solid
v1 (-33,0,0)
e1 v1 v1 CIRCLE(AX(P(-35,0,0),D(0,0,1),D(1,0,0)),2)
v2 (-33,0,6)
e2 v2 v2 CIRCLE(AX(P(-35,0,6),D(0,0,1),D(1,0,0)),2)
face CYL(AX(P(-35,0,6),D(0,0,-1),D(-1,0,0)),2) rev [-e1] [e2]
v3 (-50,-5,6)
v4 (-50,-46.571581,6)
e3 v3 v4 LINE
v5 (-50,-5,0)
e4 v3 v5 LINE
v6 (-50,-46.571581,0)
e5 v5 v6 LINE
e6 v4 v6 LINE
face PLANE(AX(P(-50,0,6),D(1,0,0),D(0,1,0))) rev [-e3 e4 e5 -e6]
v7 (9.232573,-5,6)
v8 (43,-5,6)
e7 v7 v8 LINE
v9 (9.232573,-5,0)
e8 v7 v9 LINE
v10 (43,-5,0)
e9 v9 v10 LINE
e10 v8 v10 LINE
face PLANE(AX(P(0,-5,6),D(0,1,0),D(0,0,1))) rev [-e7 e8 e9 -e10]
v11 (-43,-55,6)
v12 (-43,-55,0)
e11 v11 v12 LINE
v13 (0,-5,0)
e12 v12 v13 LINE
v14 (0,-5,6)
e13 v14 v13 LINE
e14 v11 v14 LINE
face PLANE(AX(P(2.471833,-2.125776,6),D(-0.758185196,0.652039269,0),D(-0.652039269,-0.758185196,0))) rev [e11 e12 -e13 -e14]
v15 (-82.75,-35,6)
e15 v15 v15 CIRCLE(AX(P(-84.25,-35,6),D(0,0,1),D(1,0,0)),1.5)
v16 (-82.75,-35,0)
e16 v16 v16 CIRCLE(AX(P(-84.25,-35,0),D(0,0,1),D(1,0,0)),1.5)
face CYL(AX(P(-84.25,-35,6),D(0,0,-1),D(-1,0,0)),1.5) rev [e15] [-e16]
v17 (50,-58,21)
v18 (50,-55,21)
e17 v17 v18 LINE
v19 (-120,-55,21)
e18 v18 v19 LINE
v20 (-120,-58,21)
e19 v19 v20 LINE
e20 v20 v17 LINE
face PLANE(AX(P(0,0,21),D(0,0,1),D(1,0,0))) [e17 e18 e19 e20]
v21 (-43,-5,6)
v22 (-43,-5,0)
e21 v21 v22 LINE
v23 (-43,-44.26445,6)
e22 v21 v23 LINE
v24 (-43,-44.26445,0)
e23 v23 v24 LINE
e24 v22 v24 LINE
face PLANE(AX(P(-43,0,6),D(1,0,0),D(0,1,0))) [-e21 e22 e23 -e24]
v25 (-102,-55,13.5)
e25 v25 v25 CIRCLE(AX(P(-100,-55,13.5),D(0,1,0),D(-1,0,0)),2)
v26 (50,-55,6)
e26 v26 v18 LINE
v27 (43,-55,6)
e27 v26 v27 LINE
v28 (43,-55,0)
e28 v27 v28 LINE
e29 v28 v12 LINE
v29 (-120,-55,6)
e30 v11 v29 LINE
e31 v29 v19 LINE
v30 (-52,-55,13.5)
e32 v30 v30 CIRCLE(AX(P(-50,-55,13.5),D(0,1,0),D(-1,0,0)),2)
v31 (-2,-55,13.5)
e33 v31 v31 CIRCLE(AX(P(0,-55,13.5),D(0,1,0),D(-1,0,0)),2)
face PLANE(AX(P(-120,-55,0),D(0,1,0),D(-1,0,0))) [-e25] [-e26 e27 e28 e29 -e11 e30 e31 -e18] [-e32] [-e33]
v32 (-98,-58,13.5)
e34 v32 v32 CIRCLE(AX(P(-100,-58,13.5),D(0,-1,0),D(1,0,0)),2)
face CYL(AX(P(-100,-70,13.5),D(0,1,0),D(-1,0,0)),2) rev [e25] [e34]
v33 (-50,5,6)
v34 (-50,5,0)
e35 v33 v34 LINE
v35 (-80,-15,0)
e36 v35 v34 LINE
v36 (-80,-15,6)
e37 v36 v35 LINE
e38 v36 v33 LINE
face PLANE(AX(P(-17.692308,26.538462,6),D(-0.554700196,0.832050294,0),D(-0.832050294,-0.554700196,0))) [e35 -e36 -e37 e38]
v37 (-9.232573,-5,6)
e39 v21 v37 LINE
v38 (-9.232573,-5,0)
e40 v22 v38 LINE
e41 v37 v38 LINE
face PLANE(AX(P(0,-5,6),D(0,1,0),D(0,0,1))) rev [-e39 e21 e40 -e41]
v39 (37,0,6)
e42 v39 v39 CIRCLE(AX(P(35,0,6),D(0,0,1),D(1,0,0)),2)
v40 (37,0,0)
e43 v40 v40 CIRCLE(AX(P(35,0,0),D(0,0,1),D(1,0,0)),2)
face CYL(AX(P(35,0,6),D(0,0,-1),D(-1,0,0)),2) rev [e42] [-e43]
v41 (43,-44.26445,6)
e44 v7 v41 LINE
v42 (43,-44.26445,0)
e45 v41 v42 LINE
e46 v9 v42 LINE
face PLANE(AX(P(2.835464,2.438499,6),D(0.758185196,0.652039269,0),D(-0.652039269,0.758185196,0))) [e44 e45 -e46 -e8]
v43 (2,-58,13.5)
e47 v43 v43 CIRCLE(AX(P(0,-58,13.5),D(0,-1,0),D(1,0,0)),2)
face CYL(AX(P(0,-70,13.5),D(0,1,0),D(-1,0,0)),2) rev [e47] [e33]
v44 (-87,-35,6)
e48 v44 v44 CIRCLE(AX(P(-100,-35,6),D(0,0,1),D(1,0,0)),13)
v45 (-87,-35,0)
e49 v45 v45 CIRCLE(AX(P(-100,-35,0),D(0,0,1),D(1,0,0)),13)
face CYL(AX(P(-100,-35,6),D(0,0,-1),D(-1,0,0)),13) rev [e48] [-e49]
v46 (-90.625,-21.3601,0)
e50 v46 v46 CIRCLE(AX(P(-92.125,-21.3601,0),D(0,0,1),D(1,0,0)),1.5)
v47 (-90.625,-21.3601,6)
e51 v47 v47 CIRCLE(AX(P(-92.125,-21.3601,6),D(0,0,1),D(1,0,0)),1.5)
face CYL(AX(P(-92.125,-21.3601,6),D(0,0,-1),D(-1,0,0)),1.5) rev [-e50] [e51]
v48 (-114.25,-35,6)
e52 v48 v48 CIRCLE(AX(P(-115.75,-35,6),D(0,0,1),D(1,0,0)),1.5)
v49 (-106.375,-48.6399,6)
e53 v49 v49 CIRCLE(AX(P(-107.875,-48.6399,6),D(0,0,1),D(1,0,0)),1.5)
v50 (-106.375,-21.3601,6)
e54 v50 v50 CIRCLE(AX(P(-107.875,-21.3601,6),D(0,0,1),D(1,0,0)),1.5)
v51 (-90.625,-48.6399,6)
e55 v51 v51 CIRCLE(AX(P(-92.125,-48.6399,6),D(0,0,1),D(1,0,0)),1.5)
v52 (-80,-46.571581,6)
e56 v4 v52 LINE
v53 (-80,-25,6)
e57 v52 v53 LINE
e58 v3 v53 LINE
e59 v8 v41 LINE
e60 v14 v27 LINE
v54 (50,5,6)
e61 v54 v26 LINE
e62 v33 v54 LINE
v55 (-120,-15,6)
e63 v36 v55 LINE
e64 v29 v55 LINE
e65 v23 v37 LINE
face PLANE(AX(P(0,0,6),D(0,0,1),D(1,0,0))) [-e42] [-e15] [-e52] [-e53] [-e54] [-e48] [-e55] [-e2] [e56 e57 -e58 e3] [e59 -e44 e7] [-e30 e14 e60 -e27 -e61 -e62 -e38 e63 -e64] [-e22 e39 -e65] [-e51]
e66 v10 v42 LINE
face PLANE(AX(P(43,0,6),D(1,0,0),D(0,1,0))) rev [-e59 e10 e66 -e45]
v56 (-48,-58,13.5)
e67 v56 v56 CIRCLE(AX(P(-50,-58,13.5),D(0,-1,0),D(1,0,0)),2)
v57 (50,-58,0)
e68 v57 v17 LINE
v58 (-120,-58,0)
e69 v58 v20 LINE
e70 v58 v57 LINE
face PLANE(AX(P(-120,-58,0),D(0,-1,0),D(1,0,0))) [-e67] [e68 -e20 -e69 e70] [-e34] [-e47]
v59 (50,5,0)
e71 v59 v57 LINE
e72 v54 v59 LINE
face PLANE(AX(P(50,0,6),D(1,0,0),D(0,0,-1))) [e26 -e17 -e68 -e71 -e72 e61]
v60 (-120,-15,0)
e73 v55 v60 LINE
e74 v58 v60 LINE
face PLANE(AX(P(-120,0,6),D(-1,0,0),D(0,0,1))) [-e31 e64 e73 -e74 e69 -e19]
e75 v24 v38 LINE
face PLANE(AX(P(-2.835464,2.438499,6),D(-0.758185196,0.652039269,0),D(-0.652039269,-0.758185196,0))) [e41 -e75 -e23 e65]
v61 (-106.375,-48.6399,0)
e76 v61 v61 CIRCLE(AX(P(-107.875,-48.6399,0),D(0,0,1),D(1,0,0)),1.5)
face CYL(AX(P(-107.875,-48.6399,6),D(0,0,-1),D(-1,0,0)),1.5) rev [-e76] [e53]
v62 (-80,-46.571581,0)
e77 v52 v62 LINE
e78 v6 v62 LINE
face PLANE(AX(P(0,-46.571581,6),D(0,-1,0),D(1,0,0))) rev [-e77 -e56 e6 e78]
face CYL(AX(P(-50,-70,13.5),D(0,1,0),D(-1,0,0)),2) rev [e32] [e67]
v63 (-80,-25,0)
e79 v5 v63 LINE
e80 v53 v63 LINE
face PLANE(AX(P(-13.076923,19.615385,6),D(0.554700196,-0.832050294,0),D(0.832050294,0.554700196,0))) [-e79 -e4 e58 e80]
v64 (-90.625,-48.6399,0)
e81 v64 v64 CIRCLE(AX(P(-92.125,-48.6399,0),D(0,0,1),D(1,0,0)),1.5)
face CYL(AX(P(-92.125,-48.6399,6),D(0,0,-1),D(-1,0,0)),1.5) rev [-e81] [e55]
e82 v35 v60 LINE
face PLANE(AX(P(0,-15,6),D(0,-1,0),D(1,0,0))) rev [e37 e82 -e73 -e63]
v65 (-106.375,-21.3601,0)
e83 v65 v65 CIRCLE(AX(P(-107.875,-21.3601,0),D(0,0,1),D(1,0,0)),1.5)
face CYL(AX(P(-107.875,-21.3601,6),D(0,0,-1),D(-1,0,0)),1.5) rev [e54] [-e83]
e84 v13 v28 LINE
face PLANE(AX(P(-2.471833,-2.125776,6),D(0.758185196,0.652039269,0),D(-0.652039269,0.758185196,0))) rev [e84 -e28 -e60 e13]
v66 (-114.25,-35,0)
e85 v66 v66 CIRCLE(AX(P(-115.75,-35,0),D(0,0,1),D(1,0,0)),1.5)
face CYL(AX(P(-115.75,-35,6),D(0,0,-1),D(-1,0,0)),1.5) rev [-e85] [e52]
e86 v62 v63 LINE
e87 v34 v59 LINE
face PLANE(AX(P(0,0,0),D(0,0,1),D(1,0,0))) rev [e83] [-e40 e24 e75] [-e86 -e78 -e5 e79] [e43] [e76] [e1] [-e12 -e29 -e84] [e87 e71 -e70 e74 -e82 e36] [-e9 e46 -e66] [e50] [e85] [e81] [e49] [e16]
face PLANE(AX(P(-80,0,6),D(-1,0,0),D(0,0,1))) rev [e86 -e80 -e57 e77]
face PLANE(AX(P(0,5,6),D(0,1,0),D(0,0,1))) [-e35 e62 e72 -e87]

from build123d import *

# Parameters (mm, degrees)
SKETCH1_R                = 1.5
SKETCH1_R_2              = 13
SKETCH1_R_3              = 2
BOSS_EXTRUDE1_DEPTH      = 6
SKETCH2_W                = 170
SKETCH2_H                = 3
BOSS_EXTRUDE2_DEPTH      = 15
BOSS_EXTRUDE2_DEPTH_BACK = 6
SKETCH3_R                = 2
CUT_EXTRUDE1_DEPTH       = 15


with BuildPart() as part:
    # Sketch1 → Boss-Extrude1 (new body)
    with BuildSketch(Plane.XY):
        Polygon((50, 5), (-50, 5), (-80, -15), (-120, -15), (-120, -55), (-43, -55), (0, -5), (43, -55), (50, -55), align=None)
        Polygon((43, -5), (43, -44.264450265), (9.232572773, -5), align=None, mode=Mode.SUBTRACT)
        with Locations((-107.875, -48.63990011)):
            Circle(SKETCH1_R, mode=Mode.SUBTRACT)
        with Locations((-92.125, -48.63990011)):
            Circle(SKETCH1_R, mode=Mode.SUBTRACT)
        with Locations((-115.75, -35)):
            Circle(SKETCH1_R, mode=Mode.SUBTRACT)
        with Locations((-100, -35)):
            Circle(SKETCH1_R_2, mode=Mode.SUBTRACT)
        with Locations((-84.25, -35)):
            Circle(SKETCH1_R, mode=Mode.SUBTRACT)
        Polygon((-80, -46.571581383), (-80, -25), (-50, -5), (-50, -46.571581383), align=None, mode=Mode.SUBTRACT)
        Polygon((-43, -44.264450265), (-43, -5), (-9.232572773, -5), align=None, mode=Mode.SUBTRACT)
        with Locations((-107.875, -21.36009989)):
            Circle(SKETCH1_R, mode=Mode.SUBTRACT)
        with Locations((-92.125, -21.36009989)):
            Circle(SKETCH1_R, mode=Mode.SUBTRACT)
        with Locations((-35, 0)):
            Circle(SKETCH1_R_3, mode=Mode.SUBTRACT)
        with Locations((35, 0)):
            Circle(SKETCH1_R_3, mode=Mode.SUBTRACT)
    extrude(amount=BOSS_EXTRUDE1_DEPTH)

    # Sketch2 → Boss-Extrude2 (add, two sides)
    with BuildSketch(Plane.XY.offset(6)) as boss_extrude2_sk:
        with Locations((-35, -56.5)):
            Rectangle(SKETCH2_W, SKETCH2_H)
    extrude(amount=BOSS_EXTRUDE2_DEPTH)
    extrude(boss_extrude2_sk.sketch, amount=-BOSS_EXTRUDE2_DEPTH_BACK)

    # Sketch3 → Cut-Extrude1 (cut)
    with BuildSketch(Plane(origin=(0, -55, 0), x_dir=(1, 0, 0), z_dir=(0, 1, 0))):
        with Locations((0, -13.5)):
            Circle(SKETCH3_R)
        with Locations((-50, -13.5)):
            Circle(SKETCH3_R)
        with Locations((-100, -13.5)):
            Circle(SKETCH3_R)
    extrude(amount=-CUT_EXTRUDE1_DEPTH, mode=Mode.SUBTRACT)


solid = part.part
